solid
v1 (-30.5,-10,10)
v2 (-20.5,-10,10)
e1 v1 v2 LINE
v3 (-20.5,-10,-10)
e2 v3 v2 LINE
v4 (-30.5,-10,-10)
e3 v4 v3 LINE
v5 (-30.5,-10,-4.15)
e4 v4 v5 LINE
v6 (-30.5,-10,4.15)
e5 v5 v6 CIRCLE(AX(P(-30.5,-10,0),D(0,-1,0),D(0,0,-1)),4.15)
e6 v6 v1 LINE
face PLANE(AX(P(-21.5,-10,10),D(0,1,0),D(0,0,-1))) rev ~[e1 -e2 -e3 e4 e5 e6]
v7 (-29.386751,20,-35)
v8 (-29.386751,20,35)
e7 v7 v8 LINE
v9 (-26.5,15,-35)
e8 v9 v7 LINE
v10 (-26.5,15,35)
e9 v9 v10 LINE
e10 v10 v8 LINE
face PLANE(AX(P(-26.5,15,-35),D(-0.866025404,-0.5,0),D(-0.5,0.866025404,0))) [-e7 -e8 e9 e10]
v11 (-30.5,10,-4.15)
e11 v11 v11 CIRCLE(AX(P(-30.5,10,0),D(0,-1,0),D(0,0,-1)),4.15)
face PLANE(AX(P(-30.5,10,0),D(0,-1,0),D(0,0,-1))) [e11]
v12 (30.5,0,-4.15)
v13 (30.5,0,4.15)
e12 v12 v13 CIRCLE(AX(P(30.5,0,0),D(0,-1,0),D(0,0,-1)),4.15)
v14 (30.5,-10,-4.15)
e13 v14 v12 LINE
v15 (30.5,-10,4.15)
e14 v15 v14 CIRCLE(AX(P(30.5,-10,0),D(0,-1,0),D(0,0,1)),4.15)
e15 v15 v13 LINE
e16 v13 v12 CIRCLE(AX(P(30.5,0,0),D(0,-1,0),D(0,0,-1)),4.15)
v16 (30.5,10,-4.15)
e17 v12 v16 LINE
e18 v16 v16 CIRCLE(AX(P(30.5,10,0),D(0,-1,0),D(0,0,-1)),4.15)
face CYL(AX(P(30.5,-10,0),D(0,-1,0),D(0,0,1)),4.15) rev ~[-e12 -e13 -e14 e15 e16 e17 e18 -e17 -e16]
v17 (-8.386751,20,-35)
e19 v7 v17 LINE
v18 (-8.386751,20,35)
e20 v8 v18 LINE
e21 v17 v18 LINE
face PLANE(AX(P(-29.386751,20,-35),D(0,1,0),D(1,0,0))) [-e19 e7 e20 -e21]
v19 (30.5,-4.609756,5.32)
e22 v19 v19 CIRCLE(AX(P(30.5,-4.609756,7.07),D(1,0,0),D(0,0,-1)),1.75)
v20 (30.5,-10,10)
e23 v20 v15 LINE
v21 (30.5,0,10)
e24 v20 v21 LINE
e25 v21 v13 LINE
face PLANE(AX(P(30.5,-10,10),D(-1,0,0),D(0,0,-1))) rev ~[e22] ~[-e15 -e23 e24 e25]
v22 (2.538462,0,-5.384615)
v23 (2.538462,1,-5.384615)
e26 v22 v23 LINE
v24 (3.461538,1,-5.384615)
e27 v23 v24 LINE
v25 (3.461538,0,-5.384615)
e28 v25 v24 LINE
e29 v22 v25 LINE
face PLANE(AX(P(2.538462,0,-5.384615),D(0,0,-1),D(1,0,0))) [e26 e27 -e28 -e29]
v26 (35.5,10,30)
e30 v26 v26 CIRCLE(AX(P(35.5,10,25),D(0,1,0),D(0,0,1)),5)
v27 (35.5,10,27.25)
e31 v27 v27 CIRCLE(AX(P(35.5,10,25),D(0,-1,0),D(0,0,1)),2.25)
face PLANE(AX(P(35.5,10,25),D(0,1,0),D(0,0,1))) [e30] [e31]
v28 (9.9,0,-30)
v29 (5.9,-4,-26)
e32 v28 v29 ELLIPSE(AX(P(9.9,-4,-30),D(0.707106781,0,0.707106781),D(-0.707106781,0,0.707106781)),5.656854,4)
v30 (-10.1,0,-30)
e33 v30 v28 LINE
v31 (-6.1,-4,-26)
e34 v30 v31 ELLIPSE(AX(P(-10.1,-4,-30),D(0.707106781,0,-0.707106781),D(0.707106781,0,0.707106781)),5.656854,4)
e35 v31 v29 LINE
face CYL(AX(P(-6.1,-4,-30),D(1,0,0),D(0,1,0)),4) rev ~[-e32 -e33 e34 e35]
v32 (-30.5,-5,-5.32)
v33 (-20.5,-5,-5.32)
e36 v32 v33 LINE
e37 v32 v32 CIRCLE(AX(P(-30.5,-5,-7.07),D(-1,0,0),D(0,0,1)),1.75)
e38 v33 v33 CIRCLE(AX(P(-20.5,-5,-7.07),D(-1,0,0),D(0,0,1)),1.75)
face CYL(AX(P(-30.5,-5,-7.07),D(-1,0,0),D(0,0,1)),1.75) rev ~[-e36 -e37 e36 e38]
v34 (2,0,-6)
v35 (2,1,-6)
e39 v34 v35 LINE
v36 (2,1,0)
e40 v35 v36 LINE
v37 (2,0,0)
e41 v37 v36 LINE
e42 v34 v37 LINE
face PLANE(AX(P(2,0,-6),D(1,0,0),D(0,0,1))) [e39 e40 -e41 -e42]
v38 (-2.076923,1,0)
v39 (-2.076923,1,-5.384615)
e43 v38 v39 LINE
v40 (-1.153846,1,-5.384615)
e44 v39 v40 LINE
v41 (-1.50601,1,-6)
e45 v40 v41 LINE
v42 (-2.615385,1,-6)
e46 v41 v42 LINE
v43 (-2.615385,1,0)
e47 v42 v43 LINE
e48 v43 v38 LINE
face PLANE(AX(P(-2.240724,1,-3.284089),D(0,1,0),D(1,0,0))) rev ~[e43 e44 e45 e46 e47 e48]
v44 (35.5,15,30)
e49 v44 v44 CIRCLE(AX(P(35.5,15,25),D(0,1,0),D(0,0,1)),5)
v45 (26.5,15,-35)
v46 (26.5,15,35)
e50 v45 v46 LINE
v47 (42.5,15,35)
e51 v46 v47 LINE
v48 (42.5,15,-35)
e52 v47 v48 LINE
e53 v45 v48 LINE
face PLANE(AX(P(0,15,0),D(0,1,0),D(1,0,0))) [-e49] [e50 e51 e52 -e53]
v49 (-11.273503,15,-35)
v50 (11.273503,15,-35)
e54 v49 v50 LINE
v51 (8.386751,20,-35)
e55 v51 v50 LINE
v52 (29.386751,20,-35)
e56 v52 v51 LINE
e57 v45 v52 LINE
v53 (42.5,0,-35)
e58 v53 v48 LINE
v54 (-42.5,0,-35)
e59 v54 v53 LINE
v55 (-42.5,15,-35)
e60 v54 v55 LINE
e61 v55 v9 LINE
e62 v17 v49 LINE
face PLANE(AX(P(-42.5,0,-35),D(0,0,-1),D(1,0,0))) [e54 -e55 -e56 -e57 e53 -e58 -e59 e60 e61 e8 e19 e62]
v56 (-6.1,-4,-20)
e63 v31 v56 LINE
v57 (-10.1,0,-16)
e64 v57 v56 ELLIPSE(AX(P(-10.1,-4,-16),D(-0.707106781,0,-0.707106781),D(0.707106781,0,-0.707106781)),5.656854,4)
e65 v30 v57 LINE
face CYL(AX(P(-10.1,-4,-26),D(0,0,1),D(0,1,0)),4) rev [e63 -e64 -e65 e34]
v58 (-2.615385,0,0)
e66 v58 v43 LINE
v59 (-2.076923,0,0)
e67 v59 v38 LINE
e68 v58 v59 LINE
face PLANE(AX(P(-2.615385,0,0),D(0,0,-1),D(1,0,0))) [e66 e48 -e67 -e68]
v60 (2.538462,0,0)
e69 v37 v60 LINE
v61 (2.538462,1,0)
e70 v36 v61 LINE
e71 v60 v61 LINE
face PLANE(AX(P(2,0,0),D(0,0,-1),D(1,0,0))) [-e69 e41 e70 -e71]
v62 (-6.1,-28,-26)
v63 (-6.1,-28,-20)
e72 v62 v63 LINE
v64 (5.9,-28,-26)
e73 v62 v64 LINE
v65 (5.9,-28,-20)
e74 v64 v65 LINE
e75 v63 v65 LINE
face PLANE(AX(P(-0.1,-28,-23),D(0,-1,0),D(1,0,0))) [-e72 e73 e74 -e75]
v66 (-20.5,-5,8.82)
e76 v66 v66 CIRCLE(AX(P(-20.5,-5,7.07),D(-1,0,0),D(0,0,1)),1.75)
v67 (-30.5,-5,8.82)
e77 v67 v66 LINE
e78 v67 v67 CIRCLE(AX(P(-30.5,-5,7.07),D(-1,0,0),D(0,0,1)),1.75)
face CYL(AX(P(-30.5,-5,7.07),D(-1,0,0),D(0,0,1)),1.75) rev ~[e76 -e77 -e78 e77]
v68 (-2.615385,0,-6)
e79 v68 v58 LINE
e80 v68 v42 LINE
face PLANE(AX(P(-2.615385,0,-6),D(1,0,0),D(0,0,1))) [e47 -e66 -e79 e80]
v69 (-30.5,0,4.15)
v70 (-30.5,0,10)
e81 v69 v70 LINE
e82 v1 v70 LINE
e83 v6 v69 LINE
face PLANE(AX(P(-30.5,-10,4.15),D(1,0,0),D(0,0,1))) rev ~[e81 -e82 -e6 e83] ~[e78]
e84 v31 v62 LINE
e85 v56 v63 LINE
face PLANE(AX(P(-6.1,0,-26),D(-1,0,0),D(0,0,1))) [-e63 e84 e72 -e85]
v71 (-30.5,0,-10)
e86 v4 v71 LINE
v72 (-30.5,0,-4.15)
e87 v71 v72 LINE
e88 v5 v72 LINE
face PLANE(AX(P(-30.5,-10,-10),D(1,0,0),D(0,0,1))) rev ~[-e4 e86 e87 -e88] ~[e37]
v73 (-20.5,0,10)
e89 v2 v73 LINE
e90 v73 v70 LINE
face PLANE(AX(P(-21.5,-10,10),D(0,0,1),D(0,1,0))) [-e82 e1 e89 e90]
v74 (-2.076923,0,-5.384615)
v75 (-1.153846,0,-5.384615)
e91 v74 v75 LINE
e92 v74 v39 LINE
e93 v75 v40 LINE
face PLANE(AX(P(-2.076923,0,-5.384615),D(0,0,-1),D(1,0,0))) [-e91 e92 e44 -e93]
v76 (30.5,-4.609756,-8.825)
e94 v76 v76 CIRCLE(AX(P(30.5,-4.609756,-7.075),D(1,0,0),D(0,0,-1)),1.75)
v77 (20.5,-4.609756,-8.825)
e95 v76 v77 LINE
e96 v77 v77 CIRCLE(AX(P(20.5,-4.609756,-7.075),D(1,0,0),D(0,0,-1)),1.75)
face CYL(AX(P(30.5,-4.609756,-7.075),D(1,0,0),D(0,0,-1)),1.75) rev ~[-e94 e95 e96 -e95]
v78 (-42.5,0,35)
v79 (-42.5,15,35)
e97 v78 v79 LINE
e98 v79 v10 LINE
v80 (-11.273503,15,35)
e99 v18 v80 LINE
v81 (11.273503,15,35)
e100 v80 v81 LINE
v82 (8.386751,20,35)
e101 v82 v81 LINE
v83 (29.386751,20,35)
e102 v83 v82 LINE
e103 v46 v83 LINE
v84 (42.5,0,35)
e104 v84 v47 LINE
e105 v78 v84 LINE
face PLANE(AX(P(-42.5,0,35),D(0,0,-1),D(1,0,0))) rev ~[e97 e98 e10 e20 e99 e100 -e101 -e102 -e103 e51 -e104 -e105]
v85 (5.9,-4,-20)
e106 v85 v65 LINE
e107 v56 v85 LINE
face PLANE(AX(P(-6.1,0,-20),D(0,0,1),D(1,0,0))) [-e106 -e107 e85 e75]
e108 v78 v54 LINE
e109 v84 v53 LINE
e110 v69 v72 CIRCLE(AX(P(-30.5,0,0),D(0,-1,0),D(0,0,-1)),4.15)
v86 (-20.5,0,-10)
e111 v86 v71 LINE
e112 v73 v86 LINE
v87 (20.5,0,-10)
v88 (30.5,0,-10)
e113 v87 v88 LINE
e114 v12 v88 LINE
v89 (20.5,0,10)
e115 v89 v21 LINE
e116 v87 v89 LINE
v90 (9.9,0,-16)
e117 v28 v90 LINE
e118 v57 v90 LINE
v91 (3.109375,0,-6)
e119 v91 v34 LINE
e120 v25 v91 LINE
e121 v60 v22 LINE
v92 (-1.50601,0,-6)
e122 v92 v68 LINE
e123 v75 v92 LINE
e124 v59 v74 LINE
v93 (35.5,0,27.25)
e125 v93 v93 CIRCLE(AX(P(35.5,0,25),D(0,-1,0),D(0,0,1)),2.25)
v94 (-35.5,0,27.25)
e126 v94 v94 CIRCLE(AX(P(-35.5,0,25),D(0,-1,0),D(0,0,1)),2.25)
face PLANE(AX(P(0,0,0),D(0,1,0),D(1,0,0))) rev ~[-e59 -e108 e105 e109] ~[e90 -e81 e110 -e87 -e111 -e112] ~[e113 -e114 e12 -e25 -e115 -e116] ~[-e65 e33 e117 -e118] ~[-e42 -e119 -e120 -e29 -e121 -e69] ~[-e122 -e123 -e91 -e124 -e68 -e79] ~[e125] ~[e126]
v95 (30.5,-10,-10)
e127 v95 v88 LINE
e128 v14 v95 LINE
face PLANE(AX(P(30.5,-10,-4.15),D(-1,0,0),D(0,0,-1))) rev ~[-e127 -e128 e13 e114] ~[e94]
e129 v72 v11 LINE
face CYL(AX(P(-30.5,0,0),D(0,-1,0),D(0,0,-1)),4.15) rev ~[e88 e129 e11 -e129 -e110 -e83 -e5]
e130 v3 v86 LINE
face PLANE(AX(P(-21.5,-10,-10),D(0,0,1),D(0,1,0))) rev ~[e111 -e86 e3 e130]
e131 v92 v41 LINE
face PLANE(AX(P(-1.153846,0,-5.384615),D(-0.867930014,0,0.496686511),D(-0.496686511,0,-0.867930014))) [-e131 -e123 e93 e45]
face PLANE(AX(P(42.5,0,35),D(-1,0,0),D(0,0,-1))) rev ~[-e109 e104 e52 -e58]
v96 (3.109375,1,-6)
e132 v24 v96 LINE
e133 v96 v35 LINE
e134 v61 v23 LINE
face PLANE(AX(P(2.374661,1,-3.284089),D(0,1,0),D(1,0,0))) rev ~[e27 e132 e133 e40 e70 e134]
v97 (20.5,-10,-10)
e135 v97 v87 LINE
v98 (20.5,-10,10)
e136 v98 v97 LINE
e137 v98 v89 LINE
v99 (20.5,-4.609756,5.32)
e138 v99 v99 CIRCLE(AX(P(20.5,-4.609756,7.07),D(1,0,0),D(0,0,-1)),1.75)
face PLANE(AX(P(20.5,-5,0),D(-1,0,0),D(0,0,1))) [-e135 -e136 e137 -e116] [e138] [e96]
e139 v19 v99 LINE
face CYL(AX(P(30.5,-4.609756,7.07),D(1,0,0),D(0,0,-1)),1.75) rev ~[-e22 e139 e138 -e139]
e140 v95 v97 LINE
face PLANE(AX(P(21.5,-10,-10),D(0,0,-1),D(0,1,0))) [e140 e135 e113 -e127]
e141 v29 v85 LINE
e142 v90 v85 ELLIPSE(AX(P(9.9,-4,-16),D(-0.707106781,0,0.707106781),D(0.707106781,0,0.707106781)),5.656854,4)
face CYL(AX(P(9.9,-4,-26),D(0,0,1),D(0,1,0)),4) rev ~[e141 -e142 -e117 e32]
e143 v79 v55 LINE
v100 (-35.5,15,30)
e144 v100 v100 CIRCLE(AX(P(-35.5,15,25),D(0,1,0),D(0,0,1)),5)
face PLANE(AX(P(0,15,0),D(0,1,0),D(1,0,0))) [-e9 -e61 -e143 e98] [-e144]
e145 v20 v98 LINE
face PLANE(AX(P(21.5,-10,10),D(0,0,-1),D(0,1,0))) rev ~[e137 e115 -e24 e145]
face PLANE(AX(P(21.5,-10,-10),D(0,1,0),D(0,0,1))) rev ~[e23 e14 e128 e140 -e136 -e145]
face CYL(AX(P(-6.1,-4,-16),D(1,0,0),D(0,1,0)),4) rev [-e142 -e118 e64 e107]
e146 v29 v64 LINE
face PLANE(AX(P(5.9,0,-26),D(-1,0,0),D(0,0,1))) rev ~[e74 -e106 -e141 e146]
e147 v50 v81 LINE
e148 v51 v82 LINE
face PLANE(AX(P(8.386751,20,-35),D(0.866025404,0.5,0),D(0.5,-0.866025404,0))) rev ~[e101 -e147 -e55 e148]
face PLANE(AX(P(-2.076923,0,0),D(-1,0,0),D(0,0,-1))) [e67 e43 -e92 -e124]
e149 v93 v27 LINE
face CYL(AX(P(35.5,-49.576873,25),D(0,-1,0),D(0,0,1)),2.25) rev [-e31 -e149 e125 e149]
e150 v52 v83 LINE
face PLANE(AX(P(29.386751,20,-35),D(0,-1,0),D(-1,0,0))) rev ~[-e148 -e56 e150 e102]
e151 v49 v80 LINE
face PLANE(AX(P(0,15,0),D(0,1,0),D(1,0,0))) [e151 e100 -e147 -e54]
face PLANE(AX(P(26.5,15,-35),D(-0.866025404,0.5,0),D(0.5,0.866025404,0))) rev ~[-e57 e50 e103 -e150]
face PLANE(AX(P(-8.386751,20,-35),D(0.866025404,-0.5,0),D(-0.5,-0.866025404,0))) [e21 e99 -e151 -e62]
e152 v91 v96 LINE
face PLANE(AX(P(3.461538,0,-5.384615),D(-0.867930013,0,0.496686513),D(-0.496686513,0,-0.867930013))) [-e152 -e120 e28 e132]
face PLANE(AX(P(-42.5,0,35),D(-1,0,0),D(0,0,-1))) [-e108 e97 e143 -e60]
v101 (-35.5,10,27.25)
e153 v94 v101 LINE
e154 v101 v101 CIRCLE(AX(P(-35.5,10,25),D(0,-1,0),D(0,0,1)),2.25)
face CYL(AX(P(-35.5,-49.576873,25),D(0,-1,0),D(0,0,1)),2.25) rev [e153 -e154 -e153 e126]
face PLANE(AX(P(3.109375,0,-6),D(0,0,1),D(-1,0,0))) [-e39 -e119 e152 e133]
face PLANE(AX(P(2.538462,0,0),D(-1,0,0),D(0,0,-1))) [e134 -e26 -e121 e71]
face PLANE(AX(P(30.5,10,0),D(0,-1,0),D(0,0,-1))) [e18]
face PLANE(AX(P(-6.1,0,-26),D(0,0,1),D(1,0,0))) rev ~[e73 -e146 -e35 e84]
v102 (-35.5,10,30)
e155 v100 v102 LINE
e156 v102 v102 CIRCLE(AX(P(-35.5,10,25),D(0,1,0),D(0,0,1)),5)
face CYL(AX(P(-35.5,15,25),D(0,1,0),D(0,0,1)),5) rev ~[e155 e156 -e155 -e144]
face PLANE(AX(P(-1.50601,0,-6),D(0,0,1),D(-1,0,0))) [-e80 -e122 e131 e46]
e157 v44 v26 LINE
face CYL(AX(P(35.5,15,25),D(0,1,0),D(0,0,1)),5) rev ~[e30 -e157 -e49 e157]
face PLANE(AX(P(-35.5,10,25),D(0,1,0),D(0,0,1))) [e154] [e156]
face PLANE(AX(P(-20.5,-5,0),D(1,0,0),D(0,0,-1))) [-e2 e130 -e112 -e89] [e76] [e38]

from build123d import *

# Parameters (mm, degrees)
CROQUIS1_W                  = 85
CROQUIS1_H                  = 70
SALIENTE_EXTRUIR1_DEPTH     = 15
CROQUIS3_R                  = 4.15
CORTAR_EXTRUIR1_DEPTH       = 10
CORTAR_EXTRUIR2_DEPTH       = 1
SALIENTE_EXTRUIR4_START     = 10
SALIENTE_EXTRUIR4_DEPTH     = 10
CROQUIS9_W                  = 5.85
CROQUIS9_H                  = 10
SALIENTE_EXTRUIR5_DEPTH     = 9
CROQUIS10_W                 = 20
CROQUIS10_H                 = 10
SALIENTE_EXTRUIR6_DEPTH     = 1
CORTAR_EXTRUIR4_REACH       = 84.335
CROQUIS8_R                  = 1.75
CROQUIS12_W                 = 5.85
CROQUIS12_H                 = 10
CROQUIS12_R                 = 1.75
SALIENTE_EXTRUIR7_DEPTH     = 9
CROQUIS13_W                 = 20
CROQUIS13_H                 = 10
SALIENTE_EXTRUIR8_DEPTH     = 1
CROQUIS14_R                 = 1.75
CORTAR_EXTRUIR5_DEPTH       = 11
SALIENTE_EXTRUIR10_DEPTH    = 70
CROQUIS23_R                 = 5
CORTAR_EXTRUIR9_DEPTH       = 5
CROQUIS22_R                 = 5
CORTAR_EXTRUIR10_DEPTH      = 5
CORTAR_EXTRUIR11_DEPTH      = 59.576872569
CORTAR_EXTRUIR11_DEPTH_BACK = 59.576872569
CROQUIS24_R                 = 2.25
CROQUIS25_W                 = 12
CROQUIS25_H                 = 6
SALIENTE_EXTRUIR11_DEPTH    = 28
REDONDEO1_R                 = 4


with BuildPart() as part:
    # Croquis1 → Saliente-Extruir1 (new body)
    with BuildSketch(Plane(origin=(0, 0, 0), x_dir=(1, 0, 0), z_dir=(0, 1, 0))):
        Rectangle(CROQUIS1_W, CROQUIS1_H)
    extrude(amount=SALIENTE_EXTRUIR1_DEPTH)

    # Croquis3 → Cortar-Extruir1 (cut)
    with BuildSketch(Plane.XZ):
        with Locations(Location((-30.5, 0, 0), (0, 0, 270))):
            Circle(CROQUIS3_R)
        with Locations(Location((30.5, 0, 0), (0, 0, 270))):
            Circle(CROQUIS3_R)
    extrude(amount=-CORTAR_EXTRUIR1_DEPTH, mode=Mode.SUBTRACT)

    # Croquis4 → Cortar-Extruir2 (cut)
    with BuildSketch(Plane(origin=(0, 0, 0), x_dir=(-1, 0, 0), z_dir=(0, -1, 0))):
        Polygon((-3.109375, 6), (-2, 6), (-2, 0), (-2.538461538, 0), (-2.538461538, 5.384615385), (-3.461538462, 5.384615385), align=None)
        Polygon((1.506009615, 6), (2.615384615, 6), (2.615384615, 0), (2.076923077, 0), (2.076923077, 5.384615385), (1.153846154, 5.384615385), align=None)
    extrude(amount=-CORTAR_EXTRUIR2_DEPTH, mode=Mode.SUBTRACT)

    # Croquis5 → Saliente-Extruir4 (add)
    with BuildSketch(Plane.XZ.offset(SALIENTE_EXTRUIR4_START)):
        with BuildLine():
            Line((30.5, -4.15), (30.5, -10))
            ThreePointArc((30.5, -10), (20.5, 0), (30.5, 10))
            Line((30.5, 10), (30.5, 4.15))
            ThreePointArc((30.5, 4.15), (26.35, 0), (30.5, -4.15))
        make_face()
        with BuildLine():
            Line((-30.5, -10), (-30.5, -4.15))
            ThreePointArc((-30.5, -4.15), (-26.35, 0), (-30.5, 4.15))
            Line((-30.5, 4.15), (-30.5, 10))
            ThreePointArc((-30.5, 10), (-20.5, 0), (-30.5, -10))
        make_face()
    extrude(amount=-SALIENTE_EXTRUIR4_DEPTH)

    # Croquis9 → Saliente-Extruir5 (add)
    with BuildSketch(Plane(origin=(30.5, 0, 0), x_dir=(0, 0, -1), z_dir=(1, 0, 0))):
        with Locations((7.075, -5)):
            Rectangle(CROQUIS9_W, CROQUIS9_H)
        with Locations((-7.075, -5)):
            Rectangle(CROQUIS9_W, CROQUIS9_H)
    extrude(amount=-SALIENTE_EXTRUIR5_DEPTH)

    # Croquis10 → Saliente-Extruir6 (add)
    with BuildSketch(Plane.ZY.offset(-21.5)):
        with Locations((0, -5)):
            Rectangle(CROQUIS10_W, CROQUIS10_H)
    extrude(amount=SALIENTE_EXTRUIR6_DEPTH)

    # Croquis8 → Cortar-Extruir4 (cut, up to next)
    with BuildSketch(Plane(origin=(30.5, 0, 0), x_dir=(0, 0, -1), z_dir=(1, 0, 0)), mode=Mode.PRIVATE) as cortar_extruir4_sk1:
        with Locations((7.075, -4.609756337)):
            Circle(CROQUIS8_R)
    cortar_extruir4_tool1 = extrude(cortar_extruir4_sk1.sketch, amount=-CORTAR_EXTRUIR4_REACH, mode=Mode.PRIVATE) & part.part
    # Croquis8 → Cortar-Extruir4 (cut, up to next)
    with BuildSketch(Plane(origin=(30.5, 0, 0), x_dir=(0, 0, -1), z_dir=(1, 0, 0)), mode=Mode.PRIVATE) as cortar_extruir4_sk2:
        with Locations((-7.07, -4.609756337)):
            Circle(CROQUIS8_R)
    cortar_extruir4_tool2 = extrude(cortar_extruir4_sk2.sketch, amount=-CORTAR_EXTRUIR4_REACH, mode=Mode.PRIVATE) & part.part
    add(cortar_extruir4_tool1.solids().sort_by_distance((30.5, -4.609756, -7.075))[0], mode=Mode.SUBTRACT)
    add(cortar_extruir4_tool2.solids().sort_by_distance((30.5, -4.609756, 7.07))[0], mode=Mode.SUBTRACT)

    # Croquis12 → Saliente-Extruir7 (add)
    # profile 1 of 2: a face of its own
    with BuildSketch(Plane.ZY.offset(30.5)):
        with Locations((7.075, -5)):
            Rectangle(CROQUIS12_W, CROQUIS12_H)
        with Locations((7.07, -5)):
            Circle(CROQUIS12_R, mode=Mode.SUBTRACT)
    # profile 2 of 2: a face of its own
    with BuildSketch(Plane.ZY.offset(30.5)):
        with Locations((-7.075, -5)):
            Rectangle(CROQUIS12_W, CROQUIS12_H)
        with Locations((-7.07, -5)):
            Circle(CROQUIS12_R, mode=Mode.SUBTRACT)
    extrude(amount=-SALIENTE_EXTRUIR7_DEPTH)

    # Croquis13 → Saliente-Extruir8 (add)
    with BuildSketch(Plane(origin=(-21.5, 0, 0), x_dir=(0, 0, -1), z_dir=(1, 0, 0))):
        with Locations((0, -5)):
            Rectangle(CROQUIS13_W, CROQUIS13_H)
    extrude(amount=SALIENTE_EXTRUIR8_DEPTH)

    # Croquis14 → Cortar-Extruir5 (cut)
    with BuildSketch(Plane.ZY.offset(30.5)):
        with Locations((7.07, -5)):
            Circle(CROQUIS14_R)
        with Locations((-7.07, -5)):
            Circle(CROQUIS14_R)
    extrude(amount=-CORTAR_EXTRUIR5_DEPTH, mode=Mode.SUBTRACT)

    # Croquis15 → Saliente-Extruir10 (add, through all)
    with BuildSketch(Plane(origin=(0, 0, -35), x_dir=(-1, 0, 0), z_dir=(0, 0, -1))):
        Polygon((-26.5, 15), (-29.386751346, 20), (-8.386751346, 20), (-11.273502692, 15), align=None)
        Polygon((8.386751346, 20), (11.273502692, 15), (26.5, 15), (29.386751346, 20), align=None)
    extrude(amount=-SALIENTE_EXTRUIR10_DEPTH)

    # Croquis23 → Cortar-Extruir9 (cut)
    with BuildSketch(Plane(origin=(0, 15, 0), x_dir=(1, 0, 0), z_dir=(0, 1, 0))):
        with Locations(Location((-35.5, -25, 0), (0, 0, 270))):
            Circle(CROQUIS23_R)
    extrude(amount=-CORTAR_EXTRUIR9_DEPTH, mode=Mode.SUBTRACT)

    # Croquis22 → Cortar-Extruir10 (cut)
    with BuildSketch(Plane(origin=(0, 15, 0), x_dir=(1, 0, 0), z_dir=(0, 1, 0))):
        with Locations(Location((35.5, -25, 0), (0, 0, 270))):
            Circle(CROQUIS22_R)
    extrude(amount=-CORTAR_EXTRUIR10_DEPTH, mode=Mode.SUBTRACT)

    # Croquis24 → Cortar-Extruir11 (cut, two sides: drawn at the far end of the back side and taken through both)
    with BuildSketch(Plane(origin=(0, 10, 0), x_dir=(1, 0, 0), z_dir=(0, 1, 0)).offset(-CORTAR_EXTRUIR11_DEPTH_BACK)):
        with Locations(Location((-35.5, -25, 0), (0, 0, 270))):
            Circle(CROQUIS24_R)
        with Locations(Location((35.5, -25, 0), (0, 0, 270))):
            Circle(CROQUIS24_R)
    extrude(amount=CORTAR_EXTRUIR11_DEPTH + CORTAR_EXTRUIR11_DEPTH_BACK, mode=Mode.SUBTRACT)

    # Croquis25 → Saliente-Extruir11 (add)
    with BuildSketch(Plane.XZ):
        with Locations((-0.1, -23)):
            Rectangle(CROQUIS25_W, CROQUIS25_H)
    extrude(amount=SALIENTE_EXTRUIR11_DEPTH)

    # Redondeo1
    redondeo1_edges = [part.edges().sort_by_distance(p)[0] for p in [
        (5.9, 0, -23),
        (-0.1, 0, -20),
        (-6.1, 0, -23),
        (-0.1, 0, -26),
    ]]
    fillet(redondeo1_edges, radius=REDONDEO1_R)


solid = part.part
